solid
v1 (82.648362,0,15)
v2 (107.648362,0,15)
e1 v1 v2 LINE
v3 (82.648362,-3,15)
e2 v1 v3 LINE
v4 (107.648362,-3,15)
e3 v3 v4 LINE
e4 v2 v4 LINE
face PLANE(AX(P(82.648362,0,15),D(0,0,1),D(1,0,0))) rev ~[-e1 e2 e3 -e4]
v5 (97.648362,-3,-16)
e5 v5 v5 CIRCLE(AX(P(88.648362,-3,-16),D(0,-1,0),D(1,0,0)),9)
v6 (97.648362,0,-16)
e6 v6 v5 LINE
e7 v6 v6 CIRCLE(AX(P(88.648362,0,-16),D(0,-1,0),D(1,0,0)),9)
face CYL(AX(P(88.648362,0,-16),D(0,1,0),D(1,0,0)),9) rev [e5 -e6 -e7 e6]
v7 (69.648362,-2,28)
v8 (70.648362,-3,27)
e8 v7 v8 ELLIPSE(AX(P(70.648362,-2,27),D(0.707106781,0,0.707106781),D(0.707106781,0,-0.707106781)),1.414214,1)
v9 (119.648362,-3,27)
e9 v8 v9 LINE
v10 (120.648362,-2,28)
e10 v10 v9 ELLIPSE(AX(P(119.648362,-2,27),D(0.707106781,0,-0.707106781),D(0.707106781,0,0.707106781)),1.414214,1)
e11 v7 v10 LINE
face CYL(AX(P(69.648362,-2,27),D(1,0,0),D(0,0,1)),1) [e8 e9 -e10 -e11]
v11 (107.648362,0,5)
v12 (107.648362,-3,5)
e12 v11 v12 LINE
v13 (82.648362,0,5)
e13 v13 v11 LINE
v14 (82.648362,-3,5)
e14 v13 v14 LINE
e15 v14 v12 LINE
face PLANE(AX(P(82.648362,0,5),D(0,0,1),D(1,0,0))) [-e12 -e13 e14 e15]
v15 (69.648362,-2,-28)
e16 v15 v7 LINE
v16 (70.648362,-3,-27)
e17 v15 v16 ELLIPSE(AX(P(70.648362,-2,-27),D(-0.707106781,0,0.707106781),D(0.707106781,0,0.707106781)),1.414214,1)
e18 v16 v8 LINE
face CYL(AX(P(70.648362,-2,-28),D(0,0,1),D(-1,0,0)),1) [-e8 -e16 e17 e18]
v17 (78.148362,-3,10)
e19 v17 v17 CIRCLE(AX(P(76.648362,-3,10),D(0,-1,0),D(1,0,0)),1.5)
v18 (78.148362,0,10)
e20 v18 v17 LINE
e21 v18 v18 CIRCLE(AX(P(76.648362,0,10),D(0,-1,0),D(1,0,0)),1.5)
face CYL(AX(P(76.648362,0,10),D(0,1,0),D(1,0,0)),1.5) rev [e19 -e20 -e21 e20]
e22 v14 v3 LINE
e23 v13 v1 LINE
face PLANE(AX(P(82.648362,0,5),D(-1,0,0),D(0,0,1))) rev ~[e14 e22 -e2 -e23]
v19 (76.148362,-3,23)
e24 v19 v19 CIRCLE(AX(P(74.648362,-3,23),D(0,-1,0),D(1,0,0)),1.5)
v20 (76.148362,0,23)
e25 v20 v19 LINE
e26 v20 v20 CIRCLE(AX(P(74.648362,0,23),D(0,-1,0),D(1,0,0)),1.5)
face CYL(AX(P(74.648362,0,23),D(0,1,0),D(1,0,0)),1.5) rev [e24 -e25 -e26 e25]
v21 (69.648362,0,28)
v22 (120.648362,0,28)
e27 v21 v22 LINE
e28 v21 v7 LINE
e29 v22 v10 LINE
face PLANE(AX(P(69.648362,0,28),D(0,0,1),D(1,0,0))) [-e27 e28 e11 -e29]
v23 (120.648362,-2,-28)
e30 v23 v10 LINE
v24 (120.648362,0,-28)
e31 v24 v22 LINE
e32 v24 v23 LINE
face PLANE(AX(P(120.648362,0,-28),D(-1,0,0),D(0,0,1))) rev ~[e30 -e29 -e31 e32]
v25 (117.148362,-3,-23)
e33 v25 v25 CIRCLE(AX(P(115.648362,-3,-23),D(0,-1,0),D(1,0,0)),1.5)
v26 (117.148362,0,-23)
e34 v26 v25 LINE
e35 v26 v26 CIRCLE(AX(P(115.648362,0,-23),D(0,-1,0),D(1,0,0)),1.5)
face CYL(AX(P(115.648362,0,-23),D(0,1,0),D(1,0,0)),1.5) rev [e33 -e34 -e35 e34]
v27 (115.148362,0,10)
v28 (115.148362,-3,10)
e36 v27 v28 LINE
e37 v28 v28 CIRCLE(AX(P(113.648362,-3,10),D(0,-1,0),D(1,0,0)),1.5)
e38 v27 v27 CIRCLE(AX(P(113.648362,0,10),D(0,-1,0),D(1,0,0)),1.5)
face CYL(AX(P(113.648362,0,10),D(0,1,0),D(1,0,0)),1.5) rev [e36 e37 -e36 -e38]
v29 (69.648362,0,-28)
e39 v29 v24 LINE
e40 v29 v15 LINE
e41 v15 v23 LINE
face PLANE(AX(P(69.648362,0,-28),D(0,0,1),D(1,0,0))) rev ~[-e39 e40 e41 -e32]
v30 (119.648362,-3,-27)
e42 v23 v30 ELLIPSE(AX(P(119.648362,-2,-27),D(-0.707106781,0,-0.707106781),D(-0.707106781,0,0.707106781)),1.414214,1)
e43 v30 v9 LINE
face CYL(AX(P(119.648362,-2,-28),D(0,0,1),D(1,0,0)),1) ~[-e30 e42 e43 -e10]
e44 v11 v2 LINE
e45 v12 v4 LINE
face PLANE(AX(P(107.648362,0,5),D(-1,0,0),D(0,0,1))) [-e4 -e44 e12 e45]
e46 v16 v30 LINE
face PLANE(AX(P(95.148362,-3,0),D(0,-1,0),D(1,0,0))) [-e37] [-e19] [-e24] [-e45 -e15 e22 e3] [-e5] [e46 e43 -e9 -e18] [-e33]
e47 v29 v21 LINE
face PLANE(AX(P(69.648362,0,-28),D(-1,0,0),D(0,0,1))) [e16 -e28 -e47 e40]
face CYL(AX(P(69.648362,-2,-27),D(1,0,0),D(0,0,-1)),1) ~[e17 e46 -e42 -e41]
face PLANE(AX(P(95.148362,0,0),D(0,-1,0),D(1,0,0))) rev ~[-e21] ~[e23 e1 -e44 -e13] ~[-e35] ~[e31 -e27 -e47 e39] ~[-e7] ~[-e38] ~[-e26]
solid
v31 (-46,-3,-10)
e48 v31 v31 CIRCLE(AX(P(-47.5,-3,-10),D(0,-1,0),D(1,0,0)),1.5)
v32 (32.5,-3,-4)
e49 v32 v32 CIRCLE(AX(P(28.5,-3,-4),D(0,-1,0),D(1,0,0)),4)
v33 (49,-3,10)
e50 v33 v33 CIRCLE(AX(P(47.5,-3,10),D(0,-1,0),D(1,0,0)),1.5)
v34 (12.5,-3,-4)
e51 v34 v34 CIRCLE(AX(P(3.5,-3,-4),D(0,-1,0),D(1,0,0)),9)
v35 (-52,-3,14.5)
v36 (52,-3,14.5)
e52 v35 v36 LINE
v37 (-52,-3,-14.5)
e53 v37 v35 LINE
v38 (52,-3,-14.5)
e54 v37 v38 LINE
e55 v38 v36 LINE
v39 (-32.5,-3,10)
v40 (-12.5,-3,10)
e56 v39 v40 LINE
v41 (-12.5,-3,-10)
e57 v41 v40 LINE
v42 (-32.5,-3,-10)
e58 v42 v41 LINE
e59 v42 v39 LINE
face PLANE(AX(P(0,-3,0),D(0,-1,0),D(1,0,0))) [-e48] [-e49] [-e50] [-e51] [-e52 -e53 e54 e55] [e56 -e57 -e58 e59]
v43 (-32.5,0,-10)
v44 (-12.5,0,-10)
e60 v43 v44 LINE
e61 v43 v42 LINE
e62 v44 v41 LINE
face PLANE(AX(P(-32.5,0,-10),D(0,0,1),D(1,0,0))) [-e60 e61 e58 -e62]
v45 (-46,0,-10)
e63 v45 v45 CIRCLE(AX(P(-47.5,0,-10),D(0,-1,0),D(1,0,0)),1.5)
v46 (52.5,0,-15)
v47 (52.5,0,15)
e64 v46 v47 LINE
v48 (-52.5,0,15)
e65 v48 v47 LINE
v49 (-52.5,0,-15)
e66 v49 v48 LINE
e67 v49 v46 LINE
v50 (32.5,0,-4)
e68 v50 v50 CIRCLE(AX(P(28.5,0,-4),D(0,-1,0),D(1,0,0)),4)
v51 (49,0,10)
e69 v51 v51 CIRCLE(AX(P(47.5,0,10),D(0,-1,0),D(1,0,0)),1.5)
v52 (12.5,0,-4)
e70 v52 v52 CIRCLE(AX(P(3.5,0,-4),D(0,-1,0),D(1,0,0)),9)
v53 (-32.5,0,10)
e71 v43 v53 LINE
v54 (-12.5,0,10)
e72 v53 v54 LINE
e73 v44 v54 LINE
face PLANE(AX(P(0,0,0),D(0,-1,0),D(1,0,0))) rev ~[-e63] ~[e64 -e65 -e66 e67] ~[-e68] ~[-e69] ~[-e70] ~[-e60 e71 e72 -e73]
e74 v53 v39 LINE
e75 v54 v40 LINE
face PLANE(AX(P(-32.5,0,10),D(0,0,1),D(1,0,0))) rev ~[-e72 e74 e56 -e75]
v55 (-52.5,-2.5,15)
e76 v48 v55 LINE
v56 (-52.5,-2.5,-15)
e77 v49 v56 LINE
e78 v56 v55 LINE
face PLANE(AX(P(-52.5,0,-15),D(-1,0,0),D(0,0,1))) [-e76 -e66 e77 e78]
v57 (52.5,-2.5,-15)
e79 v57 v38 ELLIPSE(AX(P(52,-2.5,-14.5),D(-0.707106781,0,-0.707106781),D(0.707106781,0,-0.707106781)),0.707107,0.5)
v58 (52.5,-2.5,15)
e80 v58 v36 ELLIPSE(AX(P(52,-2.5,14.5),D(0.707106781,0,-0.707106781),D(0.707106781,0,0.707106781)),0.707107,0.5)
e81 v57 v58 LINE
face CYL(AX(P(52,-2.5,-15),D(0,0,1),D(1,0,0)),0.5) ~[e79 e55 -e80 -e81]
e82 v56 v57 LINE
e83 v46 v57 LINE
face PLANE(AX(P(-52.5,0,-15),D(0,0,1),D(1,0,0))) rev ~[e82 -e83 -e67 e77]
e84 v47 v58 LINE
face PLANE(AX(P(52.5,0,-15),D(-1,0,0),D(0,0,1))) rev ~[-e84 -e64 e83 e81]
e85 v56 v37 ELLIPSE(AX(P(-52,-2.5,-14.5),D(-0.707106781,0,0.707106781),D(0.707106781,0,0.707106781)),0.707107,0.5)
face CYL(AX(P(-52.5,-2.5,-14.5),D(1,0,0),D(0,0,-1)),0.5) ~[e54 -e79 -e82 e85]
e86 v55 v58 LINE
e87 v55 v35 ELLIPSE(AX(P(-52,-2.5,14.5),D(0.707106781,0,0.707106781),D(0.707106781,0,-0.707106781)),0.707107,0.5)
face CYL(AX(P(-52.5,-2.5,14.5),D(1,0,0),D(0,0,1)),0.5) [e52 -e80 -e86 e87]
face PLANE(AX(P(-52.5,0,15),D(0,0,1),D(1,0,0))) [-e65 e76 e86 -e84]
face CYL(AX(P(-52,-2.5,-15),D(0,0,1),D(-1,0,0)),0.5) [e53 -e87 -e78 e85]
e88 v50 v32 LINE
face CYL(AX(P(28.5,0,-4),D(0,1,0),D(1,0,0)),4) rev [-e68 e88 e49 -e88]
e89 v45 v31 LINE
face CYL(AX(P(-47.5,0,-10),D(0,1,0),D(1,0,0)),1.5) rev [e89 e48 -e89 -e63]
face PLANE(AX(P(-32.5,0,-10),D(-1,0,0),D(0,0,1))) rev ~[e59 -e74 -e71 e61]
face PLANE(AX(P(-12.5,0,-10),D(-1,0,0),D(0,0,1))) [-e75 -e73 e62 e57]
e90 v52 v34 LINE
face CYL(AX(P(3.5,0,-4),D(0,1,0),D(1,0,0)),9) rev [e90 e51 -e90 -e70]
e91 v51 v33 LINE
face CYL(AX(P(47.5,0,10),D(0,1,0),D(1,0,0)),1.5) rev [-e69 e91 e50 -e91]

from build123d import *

# Parameters (mm, degrees)
F0_W     = 105
F0_H     = 30
F0_R     = 1.5
F0_R_2   = 9
F0_R_3   = 4
F0_W_2   = 20
F0_H_2   = 20
F1_DEPTH = 3
F2_R     = 0.5
F3_W     = 51
F3_H     = 56
F3_R     = 9
F3_R_2   = 1.5
F3_W_2   = 25
F3_H_2   = 10
F4_DEPTH = 3
F5_R     = 1


with BuildPart() as f1:
    # F0 (on Front) → F1 (new body)
    with BuildSketch(Plane.XZ):
        Rectangle(F0_W, F0_H)
        with Locations((-47.5, -10)):
            Circle(F0_R, mode=Mode.SUBTRACT)
        with Locations((3.5, -4)):
            Circle(F0_R_2, mode=Mode.SUBTRACT)
        with Locations((28.5, -4)):
            Circle(F0_R_3, mode=Mode.SUBTRACT)
        with Locations((-22.5, 0)):
            Rectangle(F0_W_2, F0_H_2, mode=Mode.SUBTRACT)
        with Locations((47.5, 10)):
            Circle(F0_R, mode=Mode.SUBTRACT)
    extrude(amount=F1_DEPTH)

    # F2
    f2_edges = [f1.edges().sort_by_distance(p)[0] for p in [
        (0, -3, 15),
        (-52.5, -3, 0),
        (0, -3, -15),
        (52.5, -3, 0),
    ]]
    fillet(f2_edges, radius=F2_R)


with BuildPart() as f4:
    # F3 (on Front) → F4 (new body)
    with BuildSketch(Plane.XZ):
        with Locations((95.148362, 0)):
            Rectangle(F3_W, F3_H)
        with Locations((88.648362, -16)):
            Circle(F3_R, mode=Mode.SUBTRACT)
        with Locations((115.648362, -23)):
            Circle(F3_R_2, mode=Mode.SUBTRACT)
        with Locations((76.648362, 10)):
            Circle(F3_R_2, mode=Mode.SUBTRACT)
        with Locations((74.648362, 23)):
            Circle(F3_R_2, mode=Mode.SUBTRACT)
        with Locations((95.148362, 10)):
            Rectangle(F3_W_2, F3_H_2, mode=Mode.SUBTRACT)
        with Locations((113.648362, 10)):
            Circle(F3_R_2, mode=Mode.SUBTRACT)
    extrude(amount=F4_DEPTH)

    # F5
    f5_edges = [f4.edges().sort_by_distance(p)[0] for p in [
        (95.148362, -3, 28),
        (69.648362, -3, 0),
        (120.648362, -3, 0),
        (95.148362, -3, -28),
    ]]
    fillet(f5_edges, radius=F5_R)


solid = Compound([f1.part, f4.part])
